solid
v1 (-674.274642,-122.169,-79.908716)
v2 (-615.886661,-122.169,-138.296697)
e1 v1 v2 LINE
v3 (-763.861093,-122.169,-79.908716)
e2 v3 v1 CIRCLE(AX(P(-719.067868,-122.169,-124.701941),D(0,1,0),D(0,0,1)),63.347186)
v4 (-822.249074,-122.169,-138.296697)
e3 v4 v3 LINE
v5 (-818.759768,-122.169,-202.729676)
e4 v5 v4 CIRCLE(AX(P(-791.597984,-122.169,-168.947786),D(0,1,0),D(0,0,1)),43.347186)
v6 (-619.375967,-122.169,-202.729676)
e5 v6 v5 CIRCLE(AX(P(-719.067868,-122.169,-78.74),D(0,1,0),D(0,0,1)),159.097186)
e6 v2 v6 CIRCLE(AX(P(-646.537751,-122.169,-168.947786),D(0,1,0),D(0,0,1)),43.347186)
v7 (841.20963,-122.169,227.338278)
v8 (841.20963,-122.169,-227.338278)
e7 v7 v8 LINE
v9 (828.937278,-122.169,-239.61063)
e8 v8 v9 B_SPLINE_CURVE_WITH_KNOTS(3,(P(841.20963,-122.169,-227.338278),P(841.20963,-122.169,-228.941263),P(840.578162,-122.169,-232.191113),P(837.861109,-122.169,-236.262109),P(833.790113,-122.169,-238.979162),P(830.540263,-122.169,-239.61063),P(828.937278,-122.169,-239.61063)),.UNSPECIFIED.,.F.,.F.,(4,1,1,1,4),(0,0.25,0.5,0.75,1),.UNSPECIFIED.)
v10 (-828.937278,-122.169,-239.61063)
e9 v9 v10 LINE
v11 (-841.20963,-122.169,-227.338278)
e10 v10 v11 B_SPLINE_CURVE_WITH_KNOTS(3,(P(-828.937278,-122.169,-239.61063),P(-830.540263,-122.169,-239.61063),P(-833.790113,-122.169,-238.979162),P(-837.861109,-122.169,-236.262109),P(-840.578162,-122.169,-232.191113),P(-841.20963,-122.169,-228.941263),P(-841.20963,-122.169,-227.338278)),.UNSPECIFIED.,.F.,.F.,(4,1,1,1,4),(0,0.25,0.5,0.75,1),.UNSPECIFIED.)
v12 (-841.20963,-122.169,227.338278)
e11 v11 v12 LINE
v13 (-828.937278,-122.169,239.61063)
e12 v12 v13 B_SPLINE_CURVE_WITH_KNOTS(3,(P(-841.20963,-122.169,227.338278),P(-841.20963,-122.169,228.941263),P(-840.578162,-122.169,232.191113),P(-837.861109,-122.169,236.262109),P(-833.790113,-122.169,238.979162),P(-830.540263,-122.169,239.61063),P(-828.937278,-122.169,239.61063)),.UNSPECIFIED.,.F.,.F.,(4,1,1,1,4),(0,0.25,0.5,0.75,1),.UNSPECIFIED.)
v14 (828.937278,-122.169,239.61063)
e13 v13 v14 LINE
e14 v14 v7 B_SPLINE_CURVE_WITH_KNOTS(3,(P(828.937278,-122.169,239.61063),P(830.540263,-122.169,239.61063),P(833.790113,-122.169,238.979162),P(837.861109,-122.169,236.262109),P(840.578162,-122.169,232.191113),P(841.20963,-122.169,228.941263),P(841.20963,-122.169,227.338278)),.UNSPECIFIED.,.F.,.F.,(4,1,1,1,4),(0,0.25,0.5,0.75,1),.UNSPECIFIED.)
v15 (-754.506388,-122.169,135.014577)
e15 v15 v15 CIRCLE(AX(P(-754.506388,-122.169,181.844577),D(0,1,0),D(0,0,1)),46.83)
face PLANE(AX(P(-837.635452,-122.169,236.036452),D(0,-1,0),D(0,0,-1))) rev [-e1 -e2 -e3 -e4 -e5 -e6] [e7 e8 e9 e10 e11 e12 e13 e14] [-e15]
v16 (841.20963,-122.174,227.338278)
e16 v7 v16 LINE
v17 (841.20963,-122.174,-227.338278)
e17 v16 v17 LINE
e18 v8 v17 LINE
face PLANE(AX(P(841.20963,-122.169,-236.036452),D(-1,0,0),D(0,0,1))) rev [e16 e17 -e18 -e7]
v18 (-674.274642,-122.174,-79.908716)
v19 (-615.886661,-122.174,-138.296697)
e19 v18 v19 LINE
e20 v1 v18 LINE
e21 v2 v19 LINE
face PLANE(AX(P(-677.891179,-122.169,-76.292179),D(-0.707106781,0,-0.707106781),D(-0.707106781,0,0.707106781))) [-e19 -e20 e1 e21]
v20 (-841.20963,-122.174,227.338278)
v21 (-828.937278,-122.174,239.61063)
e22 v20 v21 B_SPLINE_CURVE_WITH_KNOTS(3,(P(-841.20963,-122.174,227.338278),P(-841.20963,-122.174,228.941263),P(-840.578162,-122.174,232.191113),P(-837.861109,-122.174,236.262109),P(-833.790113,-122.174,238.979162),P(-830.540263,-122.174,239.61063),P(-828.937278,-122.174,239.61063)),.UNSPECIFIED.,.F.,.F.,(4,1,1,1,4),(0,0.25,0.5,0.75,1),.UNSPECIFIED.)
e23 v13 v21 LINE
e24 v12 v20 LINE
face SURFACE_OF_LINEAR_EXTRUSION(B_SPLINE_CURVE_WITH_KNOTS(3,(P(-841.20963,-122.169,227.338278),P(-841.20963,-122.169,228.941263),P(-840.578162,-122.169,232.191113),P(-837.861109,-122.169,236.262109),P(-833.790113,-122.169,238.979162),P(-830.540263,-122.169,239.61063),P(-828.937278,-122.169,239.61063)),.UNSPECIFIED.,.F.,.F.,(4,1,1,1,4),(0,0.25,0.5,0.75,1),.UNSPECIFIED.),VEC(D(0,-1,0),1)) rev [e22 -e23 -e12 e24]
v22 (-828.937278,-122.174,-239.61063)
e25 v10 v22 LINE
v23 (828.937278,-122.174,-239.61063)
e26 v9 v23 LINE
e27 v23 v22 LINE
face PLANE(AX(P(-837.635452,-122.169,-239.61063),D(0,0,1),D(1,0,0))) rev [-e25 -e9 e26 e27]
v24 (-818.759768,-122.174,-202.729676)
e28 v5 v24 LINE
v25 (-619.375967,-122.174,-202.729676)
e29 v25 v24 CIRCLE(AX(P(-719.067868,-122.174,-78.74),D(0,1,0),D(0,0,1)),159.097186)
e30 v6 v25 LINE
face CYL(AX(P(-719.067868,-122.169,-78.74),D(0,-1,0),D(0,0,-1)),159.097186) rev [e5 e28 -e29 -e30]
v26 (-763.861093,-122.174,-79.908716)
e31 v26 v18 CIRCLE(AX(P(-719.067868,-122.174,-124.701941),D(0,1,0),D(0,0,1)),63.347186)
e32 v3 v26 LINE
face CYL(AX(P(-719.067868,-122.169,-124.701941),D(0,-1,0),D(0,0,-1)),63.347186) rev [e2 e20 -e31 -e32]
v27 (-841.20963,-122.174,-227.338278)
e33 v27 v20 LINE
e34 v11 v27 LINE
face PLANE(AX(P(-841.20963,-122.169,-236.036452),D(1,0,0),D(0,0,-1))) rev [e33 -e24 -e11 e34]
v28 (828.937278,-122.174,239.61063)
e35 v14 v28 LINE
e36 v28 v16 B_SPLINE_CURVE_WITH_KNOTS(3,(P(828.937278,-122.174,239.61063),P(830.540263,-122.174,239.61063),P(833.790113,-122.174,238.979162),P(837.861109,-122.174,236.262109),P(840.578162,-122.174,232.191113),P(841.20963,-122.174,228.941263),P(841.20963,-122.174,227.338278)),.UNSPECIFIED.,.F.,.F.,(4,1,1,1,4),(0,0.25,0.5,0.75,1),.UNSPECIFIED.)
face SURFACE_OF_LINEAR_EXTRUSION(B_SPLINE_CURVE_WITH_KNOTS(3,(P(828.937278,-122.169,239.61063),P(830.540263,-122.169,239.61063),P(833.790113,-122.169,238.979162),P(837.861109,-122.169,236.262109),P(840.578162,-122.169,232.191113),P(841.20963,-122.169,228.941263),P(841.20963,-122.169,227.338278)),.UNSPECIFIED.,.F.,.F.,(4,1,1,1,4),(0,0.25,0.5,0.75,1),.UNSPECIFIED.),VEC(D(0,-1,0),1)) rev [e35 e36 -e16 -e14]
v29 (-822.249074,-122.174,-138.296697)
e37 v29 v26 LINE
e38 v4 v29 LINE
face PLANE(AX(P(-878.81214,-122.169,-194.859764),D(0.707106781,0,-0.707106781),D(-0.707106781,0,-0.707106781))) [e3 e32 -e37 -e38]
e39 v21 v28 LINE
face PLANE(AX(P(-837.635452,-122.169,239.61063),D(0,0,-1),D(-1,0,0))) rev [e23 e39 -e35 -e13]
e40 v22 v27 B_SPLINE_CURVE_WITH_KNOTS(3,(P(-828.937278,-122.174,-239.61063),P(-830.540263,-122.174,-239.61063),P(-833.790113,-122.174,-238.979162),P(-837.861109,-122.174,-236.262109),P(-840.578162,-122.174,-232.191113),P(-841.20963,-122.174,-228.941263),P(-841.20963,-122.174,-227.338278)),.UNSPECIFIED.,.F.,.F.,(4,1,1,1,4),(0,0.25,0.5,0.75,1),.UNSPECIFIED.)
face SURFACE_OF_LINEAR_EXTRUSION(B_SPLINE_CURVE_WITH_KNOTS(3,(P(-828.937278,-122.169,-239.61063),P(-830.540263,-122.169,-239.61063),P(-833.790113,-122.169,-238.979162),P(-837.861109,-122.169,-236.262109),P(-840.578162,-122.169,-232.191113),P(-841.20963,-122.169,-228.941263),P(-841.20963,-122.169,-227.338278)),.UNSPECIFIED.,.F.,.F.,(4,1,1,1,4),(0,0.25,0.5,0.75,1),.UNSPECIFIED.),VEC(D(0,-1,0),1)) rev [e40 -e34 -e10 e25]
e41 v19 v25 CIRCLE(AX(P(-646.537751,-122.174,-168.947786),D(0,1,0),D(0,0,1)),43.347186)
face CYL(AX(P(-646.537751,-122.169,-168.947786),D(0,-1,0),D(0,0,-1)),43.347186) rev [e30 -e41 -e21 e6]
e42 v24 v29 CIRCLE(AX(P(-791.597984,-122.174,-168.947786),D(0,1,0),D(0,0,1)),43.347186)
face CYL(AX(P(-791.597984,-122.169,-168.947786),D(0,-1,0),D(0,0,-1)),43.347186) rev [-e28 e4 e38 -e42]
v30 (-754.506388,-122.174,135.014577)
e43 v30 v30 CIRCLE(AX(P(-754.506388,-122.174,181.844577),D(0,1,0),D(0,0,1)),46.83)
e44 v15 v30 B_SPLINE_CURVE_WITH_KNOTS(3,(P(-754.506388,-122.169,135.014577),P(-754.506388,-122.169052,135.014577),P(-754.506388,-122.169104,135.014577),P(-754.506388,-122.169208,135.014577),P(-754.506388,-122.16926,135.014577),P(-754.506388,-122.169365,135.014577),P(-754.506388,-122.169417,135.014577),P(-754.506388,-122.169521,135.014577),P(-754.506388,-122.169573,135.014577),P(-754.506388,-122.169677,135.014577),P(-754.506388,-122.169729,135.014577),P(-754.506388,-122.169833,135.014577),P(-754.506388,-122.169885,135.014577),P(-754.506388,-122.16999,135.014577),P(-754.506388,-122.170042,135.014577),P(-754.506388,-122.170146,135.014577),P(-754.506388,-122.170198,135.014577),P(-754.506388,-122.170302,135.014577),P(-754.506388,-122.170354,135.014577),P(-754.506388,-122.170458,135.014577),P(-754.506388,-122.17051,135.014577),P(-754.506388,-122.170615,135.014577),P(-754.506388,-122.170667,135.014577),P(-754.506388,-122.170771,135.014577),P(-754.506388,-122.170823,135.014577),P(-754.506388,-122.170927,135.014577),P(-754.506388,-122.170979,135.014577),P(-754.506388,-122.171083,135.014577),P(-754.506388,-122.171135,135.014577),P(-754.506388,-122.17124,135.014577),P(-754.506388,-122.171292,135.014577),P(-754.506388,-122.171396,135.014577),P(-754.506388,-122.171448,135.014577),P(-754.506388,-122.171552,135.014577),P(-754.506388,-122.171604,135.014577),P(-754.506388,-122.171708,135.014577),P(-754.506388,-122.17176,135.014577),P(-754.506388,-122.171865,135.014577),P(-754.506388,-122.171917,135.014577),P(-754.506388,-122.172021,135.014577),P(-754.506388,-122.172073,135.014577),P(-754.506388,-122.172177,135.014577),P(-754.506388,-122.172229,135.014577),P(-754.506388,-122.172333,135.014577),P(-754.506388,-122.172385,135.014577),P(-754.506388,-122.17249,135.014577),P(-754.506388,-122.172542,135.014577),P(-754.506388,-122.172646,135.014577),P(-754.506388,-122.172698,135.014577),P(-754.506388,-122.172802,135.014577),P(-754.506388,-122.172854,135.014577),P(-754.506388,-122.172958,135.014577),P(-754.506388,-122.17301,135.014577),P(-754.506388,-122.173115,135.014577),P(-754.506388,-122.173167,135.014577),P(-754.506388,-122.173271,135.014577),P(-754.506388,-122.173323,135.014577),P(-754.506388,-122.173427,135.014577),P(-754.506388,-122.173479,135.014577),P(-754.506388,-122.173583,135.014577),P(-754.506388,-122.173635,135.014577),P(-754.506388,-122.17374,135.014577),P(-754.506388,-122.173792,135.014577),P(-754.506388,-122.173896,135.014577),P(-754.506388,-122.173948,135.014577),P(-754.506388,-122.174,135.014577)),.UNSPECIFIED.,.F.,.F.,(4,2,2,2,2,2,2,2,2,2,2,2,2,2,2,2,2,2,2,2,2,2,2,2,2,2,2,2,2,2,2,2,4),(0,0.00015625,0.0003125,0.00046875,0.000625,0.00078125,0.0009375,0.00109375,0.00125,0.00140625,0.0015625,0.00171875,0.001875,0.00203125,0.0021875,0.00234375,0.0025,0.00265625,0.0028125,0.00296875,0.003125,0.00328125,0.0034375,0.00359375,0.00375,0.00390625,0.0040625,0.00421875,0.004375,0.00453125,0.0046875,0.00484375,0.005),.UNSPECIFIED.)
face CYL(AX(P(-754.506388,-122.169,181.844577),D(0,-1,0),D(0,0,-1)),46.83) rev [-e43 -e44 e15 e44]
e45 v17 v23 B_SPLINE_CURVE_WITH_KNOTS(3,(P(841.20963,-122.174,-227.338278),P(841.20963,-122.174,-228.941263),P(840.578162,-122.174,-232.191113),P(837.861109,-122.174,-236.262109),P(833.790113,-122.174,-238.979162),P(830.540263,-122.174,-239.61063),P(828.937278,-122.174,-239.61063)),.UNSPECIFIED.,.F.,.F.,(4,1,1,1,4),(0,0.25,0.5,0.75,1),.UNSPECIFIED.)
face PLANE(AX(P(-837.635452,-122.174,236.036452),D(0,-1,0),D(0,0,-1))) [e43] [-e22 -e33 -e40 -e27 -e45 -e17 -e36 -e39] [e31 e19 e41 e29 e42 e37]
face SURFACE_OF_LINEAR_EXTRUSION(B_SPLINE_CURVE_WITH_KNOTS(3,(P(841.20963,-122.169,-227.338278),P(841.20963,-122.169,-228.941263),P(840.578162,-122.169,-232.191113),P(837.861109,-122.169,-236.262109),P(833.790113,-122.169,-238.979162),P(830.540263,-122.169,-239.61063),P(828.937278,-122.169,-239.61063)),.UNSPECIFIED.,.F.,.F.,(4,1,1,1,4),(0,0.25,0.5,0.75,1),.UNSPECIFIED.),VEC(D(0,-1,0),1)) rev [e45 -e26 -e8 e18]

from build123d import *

# Parameters (mm, degrees)
BOSS_EXTRUDE1_START = -122.174
SKETCH2_R           = 46.83
BOSS_EXTRUDE1_DEPTH = 0.005


with BuildPart() as part:
    # Sketch2 → Boss-Extrude1 (new body)
    with BuildSketch(Plane(origin=(0, 0, 0), x_dir=(1, 0, 0), z_dir=(0, 1, 0)).offset(BOSS_EXTRUDE1_START)):
        with BuildLine():
            Line((-841.209630395, -227.338277778), (-841.209630395, 227.338277778))
            add(Edge.make_bspline(
                [(-841.209630395, 227.338277778), (-841.209630395, 228.9412629), (-840.578161906, 232.191113095), (-837.861109298, 236.262109298), (-833.790113095, 238.979161906), (-830.5402629, 239.610630395), (-828.937277778, 239.610630395)],
                knots=[-0.770319033, -0.770319033, -0.770319033, -0.770319033, -0.385159516, 0, 0.385159516, 0.770319033, 0.770319033, 0.770319033, 0.770319033], degree=3))
            Line((-828.937277778, 239.610630395), (828.937277778, 239.610630395))
            add(Edge.make_bspline(
                [(828.937277778, 239.610630395), (830.5402629, 239.610630395), (833.790113095, 238.979161906), (837.861109298, 236.262109298), (840.578161906, 232.191113095), (841.209630395, 228.9412629), (841.209630395, 227.338277778)],
                knots=[-0.770319033, -0.770319033, -0.770319033, -0.770319033, -0.385159516, 0, 0.385159516, 0.770319033, 0.770319033, 0.770319033, 0.770319033], degree=3))
            Line((841.209630395, 227.338277778), (841.209630395, -227.338277778))
            add(Edge.make_bspline(
                [(841.209630395, -227.338277778), (841.209630395, -228.9412629), (840.578161906, -232.191113095), (837.861109298, -236.262109298), (833.790113095, -238.979161906), (830.5402629, -239.610630395), (828.937277778, -239.610630395)],
                knots=[-0.770319033, -0.770319033, -0.770319033, -0.770319033, -0.385159516, 0, 0.385159516, 0.770319033, 0.770319033, 0.770319033, 0.770319033], degree=3))
            Line((828.937277778, -239.610630395), (-828.937277778, -239.610630395))
            add(Edge.make_bspline(
                [(-828.937277778, -239.610630395), (-830.5402629, -239.610630395), (-833.790113095, -238.979161906), (-837.861109298, -236.262109298), (-840.578161906, -232.191113095), (-841.209630395, -228.9412629), (-841.209630395, -227.338277778)],
                knots=[-0.770319033, -0.770319033, -0.770319033, -0.770319033, -0.385159516, 0, 0.385159516, 0.770319033, 0.770319033, 0.770319033, 0.770319033], degree=3))
        make_face()
        with Locations(Location((-754.506388348, -181.844577047, 0), (0, 0, 90))):
            Circle(SKETCH2_R, mode=Mode.SUBTRACT)
        with BuildLine():
            Line((-822.249073579, 138.296696732), (-763.86109258, 79.908715733))
            ThreePointArc((-763.86109258, 79.908715733), (-719.067867535, 61.354754417), (-674.274642491, 79.908715733))
            Line((-674.274642491, 79.908715733), (-615.886661491, 138.296696732))
            ThreePointArc((-615.886661491, 138.296696732), (-603.25398635, 171.291776492), (-619.37596705, 202.729675721))
            ThreePointArc((-619.37596705, 202.729675721), (-719.067867535, 237.83718636), (-818.75976802, 202.729675721))
            ThreePointArc((-818.75976802, 202.729675721), (-834.88174872, 171.291776492), (-822.249073579, 138.296696732))
        make_face(mode=Mode.SUBTRACT)
    extrude(amount=BOSS_EXTRUDE1_DEPTH)


solid = part.part
